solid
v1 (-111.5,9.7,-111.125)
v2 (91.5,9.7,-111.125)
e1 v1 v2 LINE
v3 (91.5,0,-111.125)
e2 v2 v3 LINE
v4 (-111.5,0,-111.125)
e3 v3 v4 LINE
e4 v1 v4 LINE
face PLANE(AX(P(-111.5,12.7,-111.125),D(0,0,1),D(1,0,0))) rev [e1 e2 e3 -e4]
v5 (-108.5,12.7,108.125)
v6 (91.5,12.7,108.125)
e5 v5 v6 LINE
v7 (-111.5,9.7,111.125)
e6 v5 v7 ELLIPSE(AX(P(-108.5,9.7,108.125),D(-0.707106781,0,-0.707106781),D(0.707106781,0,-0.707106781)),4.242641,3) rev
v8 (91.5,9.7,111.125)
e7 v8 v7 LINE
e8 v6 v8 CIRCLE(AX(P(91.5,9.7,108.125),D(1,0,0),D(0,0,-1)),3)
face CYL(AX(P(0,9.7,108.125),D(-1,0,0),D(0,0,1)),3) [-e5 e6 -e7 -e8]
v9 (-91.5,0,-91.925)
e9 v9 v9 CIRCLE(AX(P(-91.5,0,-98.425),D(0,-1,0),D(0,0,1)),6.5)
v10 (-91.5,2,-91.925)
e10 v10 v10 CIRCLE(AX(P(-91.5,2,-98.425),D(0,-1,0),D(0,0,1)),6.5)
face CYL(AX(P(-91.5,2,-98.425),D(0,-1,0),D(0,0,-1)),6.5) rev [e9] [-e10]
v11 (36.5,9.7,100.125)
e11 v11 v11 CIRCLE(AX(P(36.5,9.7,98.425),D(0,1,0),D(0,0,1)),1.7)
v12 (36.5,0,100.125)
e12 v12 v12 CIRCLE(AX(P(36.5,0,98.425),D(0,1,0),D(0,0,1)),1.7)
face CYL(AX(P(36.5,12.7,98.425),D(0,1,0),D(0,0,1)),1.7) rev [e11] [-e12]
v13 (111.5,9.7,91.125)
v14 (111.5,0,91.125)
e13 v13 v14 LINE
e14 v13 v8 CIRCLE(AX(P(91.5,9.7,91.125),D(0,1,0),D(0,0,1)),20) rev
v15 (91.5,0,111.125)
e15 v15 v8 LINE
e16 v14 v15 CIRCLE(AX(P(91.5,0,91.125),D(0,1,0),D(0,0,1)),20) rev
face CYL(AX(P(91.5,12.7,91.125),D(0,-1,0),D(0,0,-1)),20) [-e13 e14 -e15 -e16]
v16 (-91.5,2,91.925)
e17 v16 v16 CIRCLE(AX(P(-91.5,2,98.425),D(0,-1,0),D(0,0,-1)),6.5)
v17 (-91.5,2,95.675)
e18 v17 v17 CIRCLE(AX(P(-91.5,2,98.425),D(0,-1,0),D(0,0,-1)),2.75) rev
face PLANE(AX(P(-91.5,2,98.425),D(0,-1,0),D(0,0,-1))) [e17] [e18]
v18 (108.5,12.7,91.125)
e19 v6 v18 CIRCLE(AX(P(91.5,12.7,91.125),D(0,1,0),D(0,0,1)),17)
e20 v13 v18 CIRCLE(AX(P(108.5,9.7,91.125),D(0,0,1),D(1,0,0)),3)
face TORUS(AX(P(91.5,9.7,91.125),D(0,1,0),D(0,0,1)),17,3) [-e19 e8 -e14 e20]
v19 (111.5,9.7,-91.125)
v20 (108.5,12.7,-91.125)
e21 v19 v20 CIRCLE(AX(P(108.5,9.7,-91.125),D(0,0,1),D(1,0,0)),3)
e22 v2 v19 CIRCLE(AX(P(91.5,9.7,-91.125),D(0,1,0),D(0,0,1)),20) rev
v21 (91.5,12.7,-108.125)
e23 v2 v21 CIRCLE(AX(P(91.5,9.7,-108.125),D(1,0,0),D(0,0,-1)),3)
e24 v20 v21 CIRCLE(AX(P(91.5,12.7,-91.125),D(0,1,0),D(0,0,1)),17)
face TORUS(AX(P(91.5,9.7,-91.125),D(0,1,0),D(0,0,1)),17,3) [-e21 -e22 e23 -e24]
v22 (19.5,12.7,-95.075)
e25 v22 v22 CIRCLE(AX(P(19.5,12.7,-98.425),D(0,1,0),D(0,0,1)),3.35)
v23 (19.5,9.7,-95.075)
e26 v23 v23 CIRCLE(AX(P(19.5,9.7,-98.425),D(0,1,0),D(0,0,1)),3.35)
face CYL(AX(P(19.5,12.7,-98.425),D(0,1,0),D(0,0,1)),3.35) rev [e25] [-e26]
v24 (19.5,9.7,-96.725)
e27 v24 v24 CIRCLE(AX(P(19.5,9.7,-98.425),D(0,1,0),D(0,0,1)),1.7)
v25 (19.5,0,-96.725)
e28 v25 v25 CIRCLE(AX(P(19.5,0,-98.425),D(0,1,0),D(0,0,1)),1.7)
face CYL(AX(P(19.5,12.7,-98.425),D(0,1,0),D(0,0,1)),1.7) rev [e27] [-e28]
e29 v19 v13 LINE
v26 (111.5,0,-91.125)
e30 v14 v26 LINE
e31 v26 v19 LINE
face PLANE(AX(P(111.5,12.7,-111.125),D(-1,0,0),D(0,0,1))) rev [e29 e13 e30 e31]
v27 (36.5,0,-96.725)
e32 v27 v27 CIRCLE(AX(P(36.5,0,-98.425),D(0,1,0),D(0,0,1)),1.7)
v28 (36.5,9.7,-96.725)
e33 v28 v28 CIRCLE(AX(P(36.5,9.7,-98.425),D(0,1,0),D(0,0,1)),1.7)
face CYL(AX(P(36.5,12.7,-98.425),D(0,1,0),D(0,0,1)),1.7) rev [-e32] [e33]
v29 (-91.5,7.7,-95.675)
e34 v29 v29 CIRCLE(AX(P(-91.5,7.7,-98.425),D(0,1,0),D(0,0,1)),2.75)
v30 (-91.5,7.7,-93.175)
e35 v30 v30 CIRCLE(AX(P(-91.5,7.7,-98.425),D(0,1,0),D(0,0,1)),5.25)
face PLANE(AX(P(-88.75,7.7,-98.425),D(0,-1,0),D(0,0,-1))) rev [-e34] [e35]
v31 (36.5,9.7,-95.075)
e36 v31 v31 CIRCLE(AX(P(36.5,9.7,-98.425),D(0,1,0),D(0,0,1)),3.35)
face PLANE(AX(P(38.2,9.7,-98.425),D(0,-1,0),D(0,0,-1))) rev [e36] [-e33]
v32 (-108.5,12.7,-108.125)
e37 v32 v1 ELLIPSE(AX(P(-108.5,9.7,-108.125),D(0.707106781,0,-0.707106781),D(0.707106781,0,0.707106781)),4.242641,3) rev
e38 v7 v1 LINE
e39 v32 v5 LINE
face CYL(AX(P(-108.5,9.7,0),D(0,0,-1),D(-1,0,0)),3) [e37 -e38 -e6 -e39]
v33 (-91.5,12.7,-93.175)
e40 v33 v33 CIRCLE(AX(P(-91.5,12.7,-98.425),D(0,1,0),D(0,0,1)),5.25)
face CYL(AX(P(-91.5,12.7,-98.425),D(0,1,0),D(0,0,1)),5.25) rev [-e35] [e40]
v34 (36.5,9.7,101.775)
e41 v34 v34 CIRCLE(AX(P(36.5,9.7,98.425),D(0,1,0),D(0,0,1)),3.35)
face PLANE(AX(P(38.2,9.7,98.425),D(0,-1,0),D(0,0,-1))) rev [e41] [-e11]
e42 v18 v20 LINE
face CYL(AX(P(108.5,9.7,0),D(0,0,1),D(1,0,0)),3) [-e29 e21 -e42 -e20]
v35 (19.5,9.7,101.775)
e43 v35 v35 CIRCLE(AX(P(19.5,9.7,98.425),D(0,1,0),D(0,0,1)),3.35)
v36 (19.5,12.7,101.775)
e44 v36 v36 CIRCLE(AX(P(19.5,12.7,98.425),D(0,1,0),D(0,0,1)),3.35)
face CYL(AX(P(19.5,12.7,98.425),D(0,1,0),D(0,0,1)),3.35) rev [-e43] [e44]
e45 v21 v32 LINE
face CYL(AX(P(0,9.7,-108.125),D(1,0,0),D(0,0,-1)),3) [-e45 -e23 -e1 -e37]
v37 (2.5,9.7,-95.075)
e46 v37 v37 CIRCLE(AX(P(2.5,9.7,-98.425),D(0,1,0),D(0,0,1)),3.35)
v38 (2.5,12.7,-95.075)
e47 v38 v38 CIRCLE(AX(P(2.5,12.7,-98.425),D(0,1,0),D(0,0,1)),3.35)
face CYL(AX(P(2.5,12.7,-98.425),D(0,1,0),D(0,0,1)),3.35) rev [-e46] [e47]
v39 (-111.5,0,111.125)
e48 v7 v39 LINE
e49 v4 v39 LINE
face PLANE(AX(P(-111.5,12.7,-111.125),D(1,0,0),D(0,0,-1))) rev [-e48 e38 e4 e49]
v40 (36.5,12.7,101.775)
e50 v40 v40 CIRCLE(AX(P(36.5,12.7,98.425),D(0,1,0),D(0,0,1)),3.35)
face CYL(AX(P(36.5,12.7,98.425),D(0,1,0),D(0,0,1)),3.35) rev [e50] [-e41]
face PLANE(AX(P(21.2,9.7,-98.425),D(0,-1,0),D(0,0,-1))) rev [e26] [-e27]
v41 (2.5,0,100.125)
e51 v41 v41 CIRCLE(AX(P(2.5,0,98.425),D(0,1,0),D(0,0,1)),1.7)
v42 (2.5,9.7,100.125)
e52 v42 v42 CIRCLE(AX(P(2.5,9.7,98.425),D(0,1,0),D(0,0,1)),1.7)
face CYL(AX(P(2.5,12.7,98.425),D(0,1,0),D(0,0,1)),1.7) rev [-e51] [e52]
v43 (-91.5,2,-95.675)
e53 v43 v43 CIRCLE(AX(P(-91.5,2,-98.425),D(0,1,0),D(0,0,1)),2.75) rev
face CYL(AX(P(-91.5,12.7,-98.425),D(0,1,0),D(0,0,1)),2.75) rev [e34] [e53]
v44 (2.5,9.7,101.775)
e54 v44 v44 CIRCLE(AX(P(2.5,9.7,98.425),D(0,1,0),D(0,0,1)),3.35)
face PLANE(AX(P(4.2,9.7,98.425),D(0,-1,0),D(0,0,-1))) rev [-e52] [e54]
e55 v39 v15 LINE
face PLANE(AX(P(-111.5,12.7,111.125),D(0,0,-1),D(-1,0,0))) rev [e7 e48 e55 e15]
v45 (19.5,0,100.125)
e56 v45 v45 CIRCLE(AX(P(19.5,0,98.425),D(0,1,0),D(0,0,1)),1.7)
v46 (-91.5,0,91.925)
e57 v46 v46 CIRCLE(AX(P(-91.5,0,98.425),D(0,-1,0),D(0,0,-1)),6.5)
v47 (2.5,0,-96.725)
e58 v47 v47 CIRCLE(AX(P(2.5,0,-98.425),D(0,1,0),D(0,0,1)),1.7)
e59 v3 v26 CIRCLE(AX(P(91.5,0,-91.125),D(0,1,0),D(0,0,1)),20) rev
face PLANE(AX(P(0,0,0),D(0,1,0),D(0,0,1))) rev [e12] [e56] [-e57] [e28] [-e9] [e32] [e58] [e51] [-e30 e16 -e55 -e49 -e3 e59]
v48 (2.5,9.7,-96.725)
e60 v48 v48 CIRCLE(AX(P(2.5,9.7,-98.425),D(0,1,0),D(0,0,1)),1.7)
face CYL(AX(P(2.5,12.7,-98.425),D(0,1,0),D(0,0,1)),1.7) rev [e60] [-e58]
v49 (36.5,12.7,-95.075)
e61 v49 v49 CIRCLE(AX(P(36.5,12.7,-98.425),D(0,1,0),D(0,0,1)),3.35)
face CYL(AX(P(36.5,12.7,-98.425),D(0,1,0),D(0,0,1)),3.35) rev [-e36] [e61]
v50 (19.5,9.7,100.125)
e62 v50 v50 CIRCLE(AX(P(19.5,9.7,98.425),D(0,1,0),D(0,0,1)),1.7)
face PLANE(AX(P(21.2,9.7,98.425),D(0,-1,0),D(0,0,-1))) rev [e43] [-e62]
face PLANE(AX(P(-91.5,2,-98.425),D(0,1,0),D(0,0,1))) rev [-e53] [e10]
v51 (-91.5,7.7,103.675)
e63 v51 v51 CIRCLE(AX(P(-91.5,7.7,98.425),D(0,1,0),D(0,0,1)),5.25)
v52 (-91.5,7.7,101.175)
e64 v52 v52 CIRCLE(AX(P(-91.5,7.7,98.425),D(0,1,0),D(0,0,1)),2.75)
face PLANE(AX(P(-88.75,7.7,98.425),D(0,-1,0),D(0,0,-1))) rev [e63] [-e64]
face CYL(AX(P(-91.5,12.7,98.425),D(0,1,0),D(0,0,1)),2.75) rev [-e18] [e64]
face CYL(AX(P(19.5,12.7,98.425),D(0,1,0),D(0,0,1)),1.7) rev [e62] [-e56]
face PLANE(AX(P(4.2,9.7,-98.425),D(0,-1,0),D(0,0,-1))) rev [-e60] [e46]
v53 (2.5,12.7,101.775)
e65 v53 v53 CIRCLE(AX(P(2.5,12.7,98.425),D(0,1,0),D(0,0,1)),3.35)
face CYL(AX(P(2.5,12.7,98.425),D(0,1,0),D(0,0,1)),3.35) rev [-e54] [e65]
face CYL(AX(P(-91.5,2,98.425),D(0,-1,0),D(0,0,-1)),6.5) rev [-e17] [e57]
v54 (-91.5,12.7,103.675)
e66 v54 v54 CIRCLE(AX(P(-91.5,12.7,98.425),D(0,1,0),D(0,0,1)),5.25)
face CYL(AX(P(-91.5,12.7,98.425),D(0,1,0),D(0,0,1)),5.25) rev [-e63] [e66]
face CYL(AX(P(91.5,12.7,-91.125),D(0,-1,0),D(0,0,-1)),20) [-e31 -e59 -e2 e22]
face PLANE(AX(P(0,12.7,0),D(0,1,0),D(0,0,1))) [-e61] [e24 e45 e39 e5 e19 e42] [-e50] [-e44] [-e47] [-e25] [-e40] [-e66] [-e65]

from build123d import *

# Parameters (mm, degrees)
SKETCH2_W                       = 223
SKETCH2_H                       = 222.25
BOSS_EXTRUDE1_DEPTH             = 12.7
FILLET6_R                       = 20
FILLET5_R                       = 3
CBORE_FOR_M3_SBHCS1_D           = 3.4
CBORE_FOR_M3_SBHCS1_DEPTH       = 12.7
CBORE_FOR_M3_SBHCS1_CBORE_D     = 6.7
CBORE_FOR_M3_SBHCS1_CBORE_DEPTH = 3
CBORE_FOR_M5_SBHCS1_D           = 5.5
CBORE_FOR_M5_SBHCS1_DEPTH       = 12.7
CBORE_FOR_M5_SBHCS1_CBORE_D     = 10.5
CBORE_FOR_M5_SBHCS1_CBORE_DEPTH = 5
SKETCH9_R                       = 6.5
CUT_EXTRUDE1_DEPTH              = 2


with BuildPart() as part:
    # Sketch2 → Boss-Extrude1 (new body)
    with BuildSketch(Plane(origin=(0, 0, 0), x_dir=(1, 0, 0), z_dir=(0, 1, 0))):
        Rectangle(SKETCH2_W, SKETCH2_H)
    extrude(amount=BOSS_EXTRUDE1_DEPTH)

    # Fillet6
    fillet6_edges = [part.edges().sort_by_distance(p)[0] for p in [
        (111.5, 6.35, 111.125),
        (111.5, 6.35, -111.125),
    ]]
    fillet(fillet6_edges, radius=FILLET6_R)

    # Fillet5
    fillet5_edges = [part.edges().sort_by_distance(p)[0] for p in [
        (-111.5, 12.7, 0),
        (-10, 12.7, -111.125),
        (-10, 12.7, 111.125),
        (111.5, 12.7, 0),
        (105.642135624, 12.7, 105.267135624),
        (105.642135624, 12.7, -105.267135624),
    ]]
    fillet(fillet5_edges, radius=FILLET5_R)

    # CBORE for M3 SBHCS1
    with Locations(Plane(origin=(0, 12.7, 0), x_dir=(1, 0, 0), z_dir=(0, 1, 0))):
        with Locations((36.5, -98.425), (36.5, 98.425), (19.5, -98.425), (19.5, 98.425), (2.5, -98.425), (2.5, 98.425)):
            CounterBoreHole(CBORE_FOR_M3_SBHCS1_D / 2, CBORE_FOR_M3_SBHCS1_CBORE_D / 2, CBORE_FOR_M3_SBHCS1_CBORE_DEPTH, depth=CBORE_FOR_M3_SBHCS1_DEPTH)

    # CBORE for M5 SBHCS1
    with Locations(Plane(origin=(0, 12.7, 0), x_dir=(1, 0, 0), z_dir=(0, 1, 0))):
        with Locations((-91.5, 98.425), (-91.5, -98.425)):
            CounterBoreHole(CBORE_FOR_M5_SBHCS1_D / 2, CBORE_FOR_M5_SBHCS1_CBORE_D / 2, CBORE_FOR_M5_SBHCS1_CBORE_DEPTH, depth=CBORE_FOR_M5_SBHCS1_DEPTH)

    # Sketch9 → Cut-Extrude1 (cut)
    with BuildSketch(Plane.XZ):
        with Locations((-91.5, 98.425)):
            Circle(SKETCH9_R)
        with Locations((-91.5, -98.425)):
            Circle(SKETCH9_R)
    extrude(amount=-CUT_EXTRUDE1_DEPTH, mode=Mode.SUBTRACT)


solid = part.part
